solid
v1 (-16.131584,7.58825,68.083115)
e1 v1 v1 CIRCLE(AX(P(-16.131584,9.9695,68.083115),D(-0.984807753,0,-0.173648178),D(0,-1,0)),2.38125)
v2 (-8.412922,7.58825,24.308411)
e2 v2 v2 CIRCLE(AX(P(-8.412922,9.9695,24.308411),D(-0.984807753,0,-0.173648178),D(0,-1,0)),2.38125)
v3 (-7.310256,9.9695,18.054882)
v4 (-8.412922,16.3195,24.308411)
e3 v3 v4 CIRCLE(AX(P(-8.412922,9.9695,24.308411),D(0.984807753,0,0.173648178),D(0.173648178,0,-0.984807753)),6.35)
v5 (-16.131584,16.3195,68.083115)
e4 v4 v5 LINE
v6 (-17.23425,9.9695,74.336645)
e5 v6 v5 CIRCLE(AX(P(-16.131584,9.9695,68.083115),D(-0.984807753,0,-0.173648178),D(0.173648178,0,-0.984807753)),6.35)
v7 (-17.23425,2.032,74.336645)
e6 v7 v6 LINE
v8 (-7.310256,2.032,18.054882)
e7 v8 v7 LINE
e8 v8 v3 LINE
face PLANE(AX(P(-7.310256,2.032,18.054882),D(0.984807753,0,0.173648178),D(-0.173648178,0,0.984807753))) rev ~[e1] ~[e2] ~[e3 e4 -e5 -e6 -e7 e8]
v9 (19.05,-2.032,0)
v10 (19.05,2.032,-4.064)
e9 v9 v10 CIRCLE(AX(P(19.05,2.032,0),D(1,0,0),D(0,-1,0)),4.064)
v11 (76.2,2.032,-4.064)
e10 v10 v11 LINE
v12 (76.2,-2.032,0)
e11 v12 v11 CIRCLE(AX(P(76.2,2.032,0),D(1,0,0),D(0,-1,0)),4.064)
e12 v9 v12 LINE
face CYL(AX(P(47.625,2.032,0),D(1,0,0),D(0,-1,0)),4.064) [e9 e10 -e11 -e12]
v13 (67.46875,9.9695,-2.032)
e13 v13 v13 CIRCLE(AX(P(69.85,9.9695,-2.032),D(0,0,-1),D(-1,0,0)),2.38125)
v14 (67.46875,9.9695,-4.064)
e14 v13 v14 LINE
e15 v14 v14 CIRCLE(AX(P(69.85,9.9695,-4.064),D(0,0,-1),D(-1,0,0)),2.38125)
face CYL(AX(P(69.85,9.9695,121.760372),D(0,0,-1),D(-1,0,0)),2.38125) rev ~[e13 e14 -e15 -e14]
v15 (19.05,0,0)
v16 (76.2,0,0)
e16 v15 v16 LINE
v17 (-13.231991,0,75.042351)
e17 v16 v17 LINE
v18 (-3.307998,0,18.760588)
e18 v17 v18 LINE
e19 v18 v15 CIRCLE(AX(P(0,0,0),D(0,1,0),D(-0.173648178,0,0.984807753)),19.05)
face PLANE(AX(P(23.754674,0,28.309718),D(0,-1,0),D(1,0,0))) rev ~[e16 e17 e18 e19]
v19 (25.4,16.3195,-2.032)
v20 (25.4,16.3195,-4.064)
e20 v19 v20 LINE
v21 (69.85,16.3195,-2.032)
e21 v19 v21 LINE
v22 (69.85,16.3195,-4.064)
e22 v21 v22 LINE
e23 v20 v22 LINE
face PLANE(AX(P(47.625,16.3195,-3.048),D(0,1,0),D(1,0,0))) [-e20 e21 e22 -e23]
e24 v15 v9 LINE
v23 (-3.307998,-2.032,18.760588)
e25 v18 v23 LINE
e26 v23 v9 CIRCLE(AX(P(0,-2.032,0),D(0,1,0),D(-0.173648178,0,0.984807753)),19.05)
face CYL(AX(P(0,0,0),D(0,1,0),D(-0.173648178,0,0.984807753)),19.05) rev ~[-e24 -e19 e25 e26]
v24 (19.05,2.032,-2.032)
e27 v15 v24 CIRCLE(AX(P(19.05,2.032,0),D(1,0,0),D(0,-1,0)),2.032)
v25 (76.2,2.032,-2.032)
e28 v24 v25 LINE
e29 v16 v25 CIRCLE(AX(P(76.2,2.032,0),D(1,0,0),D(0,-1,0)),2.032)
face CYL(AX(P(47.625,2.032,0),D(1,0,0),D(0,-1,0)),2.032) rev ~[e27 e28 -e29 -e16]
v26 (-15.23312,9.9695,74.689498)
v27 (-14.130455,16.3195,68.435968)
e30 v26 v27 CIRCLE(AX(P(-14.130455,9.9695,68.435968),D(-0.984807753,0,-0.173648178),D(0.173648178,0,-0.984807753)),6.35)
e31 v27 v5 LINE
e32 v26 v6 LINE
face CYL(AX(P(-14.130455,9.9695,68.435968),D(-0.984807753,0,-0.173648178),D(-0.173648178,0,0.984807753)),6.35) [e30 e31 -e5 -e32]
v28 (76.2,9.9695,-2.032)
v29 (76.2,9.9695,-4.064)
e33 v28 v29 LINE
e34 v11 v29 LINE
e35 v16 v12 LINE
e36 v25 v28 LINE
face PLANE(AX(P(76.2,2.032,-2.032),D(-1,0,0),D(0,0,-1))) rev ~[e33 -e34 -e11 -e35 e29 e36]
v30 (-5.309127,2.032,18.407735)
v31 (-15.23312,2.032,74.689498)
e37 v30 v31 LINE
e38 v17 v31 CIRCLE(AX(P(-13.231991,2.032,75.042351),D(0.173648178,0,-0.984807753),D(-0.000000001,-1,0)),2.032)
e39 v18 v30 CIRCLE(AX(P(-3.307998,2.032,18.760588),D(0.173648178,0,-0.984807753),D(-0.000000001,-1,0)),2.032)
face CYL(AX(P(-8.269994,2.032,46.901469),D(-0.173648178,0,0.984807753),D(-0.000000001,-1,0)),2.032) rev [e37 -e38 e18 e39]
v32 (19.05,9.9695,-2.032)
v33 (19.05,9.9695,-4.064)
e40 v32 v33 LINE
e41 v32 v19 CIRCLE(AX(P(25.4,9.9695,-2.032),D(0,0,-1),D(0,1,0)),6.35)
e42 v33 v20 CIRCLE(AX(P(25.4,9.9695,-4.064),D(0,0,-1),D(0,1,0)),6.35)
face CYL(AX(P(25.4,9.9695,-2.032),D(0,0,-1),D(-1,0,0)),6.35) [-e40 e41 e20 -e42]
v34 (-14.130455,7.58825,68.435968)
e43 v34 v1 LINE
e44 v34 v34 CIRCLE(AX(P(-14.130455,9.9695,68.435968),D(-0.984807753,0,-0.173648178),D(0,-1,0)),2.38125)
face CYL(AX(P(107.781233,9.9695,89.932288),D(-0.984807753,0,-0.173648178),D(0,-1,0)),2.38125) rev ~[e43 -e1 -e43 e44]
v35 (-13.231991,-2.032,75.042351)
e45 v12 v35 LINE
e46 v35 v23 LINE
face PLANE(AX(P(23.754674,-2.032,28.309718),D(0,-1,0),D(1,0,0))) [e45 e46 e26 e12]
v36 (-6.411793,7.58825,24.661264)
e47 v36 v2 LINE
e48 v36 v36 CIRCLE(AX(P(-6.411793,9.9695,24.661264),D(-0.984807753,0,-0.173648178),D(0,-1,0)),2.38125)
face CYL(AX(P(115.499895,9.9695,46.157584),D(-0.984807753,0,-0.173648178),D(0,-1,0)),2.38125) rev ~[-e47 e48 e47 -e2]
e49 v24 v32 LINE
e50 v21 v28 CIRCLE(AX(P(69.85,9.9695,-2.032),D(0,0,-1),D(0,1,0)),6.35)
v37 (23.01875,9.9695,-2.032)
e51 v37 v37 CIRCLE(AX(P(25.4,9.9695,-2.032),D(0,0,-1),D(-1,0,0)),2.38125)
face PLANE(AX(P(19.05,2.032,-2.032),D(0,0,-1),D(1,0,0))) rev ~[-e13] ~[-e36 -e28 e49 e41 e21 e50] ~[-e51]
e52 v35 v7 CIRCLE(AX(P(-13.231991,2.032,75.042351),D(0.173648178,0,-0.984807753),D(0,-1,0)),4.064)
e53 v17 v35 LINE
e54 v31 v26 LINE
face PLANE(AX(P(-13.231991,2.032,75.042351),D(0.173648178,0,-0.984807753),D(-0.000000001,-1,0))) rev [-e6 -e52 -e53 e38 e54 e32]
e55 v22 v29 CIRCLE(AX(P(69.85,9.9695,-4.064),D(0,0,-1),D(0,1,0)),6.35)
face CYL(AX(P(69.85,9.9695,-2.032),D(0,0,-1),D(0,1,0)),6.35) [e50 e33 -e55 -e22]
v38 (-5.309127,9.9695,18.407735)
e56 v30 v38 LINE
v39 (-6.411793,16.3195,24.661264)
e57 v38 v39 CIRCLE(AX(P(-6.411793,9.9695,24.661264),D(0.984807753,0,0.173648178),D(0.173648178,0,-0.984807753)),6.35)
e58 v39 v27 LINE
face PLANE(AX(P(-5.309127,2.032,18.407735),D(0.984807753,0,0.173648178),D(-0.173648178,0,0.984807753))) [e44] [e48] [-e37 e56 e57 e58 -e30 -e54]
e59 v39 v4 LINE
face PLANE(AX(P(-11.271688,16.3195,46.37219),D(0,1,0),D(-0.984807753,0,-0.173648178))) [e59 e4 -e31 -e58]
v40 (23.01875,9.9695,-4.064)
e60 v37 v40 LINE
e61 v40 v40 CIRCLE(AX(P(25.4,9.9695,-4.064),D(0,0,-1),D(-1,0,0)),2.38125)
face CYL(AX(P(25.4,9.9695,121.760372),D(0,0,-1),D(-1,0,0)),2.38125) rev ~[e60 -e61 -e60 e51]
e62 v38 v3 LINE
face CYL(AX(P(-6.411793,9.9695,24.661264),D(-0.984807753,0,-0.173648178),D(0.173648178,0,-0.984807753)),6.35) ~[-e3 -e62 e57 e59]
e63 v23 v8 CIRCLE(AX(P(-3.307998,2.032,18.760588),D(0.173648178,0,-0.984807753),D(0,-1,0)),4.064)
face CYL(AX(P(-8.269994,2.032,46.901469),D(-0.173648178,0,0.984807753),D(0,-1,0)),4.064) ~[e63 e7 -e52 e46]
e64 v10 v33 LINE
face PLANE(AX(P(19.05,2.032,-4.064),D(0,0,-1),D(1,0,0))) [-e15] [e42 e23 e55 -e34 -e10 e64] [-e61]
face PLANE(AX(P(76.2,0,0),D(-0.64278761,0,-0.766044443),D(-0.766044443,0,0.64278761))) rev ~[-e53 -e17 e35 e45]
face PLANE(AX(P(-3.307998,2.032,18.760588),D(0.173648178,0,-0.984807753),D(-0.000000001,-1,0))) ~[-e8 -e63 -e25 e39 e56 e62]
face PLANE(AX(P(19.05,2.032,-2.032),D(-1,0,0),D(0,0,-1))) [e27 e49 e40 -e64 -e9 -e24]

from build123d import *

# Parameters (mm, degrees)
F1_DEPTH    = 2.032
F2_W        = 57.15
F2_H        = 2.032
F3_ANGLE    = 90
F4_W        = 2.032
F4_H        = 57.15
F5_ANGLE    = 90
F6_DEPTH    = 14.2875
F7_R        = 6.35
F10_D       = 4.7625
F10_ON_F8_D = 4.7625


with BuildPart() as f1:
    # F0 (on Front) → F1 (new body)
    with BuildSketch(Plane.XZ):
        with BuildLine():
            Line((-13.2319911382, 75.0423507795), (-3.3079977846, 18.7605876949))
            ThreePointArc((-3.3079977846, 18.7605876949), (12.2451039645, 14.5931466414), (19.05, 0))
            Line((19.05, 0), (76.2, 0))
            Line((76.2, 0), (-13.2319911382, 75.0423507795))
        make_face()
    extrude(amount=F1_DEPTH)

    # F2 (on face) → F3 (revolve)
    with BuildSketch(Plane(origin=(0, 0, 0), x_dir=(1, 0, 0), z_dir=(0, 0, -1))):
        with Locations((47.625, 1.016)):
            Rectangle(F2_W, F2_H)
    revolve(axis=Axis((40.305102244, 2.032, 0), (1, 0, 0)), revolution_arc=F3_ANGLE)

    # F4 (on face) → F5 (revolve)
    with BuildSketch(Plane(origin=(0, 0, 0), x_dir=(0, -1, 0), z_dir=(-0.984807753, 0, -0.1736481777))):
        with Locations((1.016, 47.625)):
            Rectangle(F4_W, F4_H)
    revolve(axis=Axis((-5.7906206967, 2.032, 32.8402418815), (0.1736481777, 0, -0.984807753)), revolution_arc=F5_ANGLE)

    # F6 (add): faces of the model
    f6_faces = [f1.faces().sort_by_distance(p)[0] for p in [
        (47.625, 2.032, -3.048),
        (-11.2716884926, 2.032, 46.3721895917),
    ]]
    extrude(f6_faces, amount=F6_DEPTH)

    # F7
    f7_edges = [f1.edges().sort_by_distance(p)[0] for p in [
        (-16.233685, 16.3195, 74.513071),
        (-6.309692, 16.3195, 18.231308),
        (19.05, 16.3195, -3.048),
        (76.2, 16.3195, -3.048),
    ]]
    fillet(f7_edges, radius=F7_R)

    # F10 (through all)
    with Locations(Plane.XY.offset(-2.032)):
        with Locations((25.4, 9.9695), (69.85, 9.9695)):
            Hole(F10_D / 2)

    # F10 on F8 (through all)
    with Locations(Plane(origin=(-2.0011293541, 0, -0.352853097), x_dir=(0, 1, 0), z_dir=(0.984807753, 0, 0.1736481777))):
        with Locations((9.9695, 25.4), (9.9695, 69.85)):
            Hole(F10_ON_F8_D / 2)


solid = f1.part
